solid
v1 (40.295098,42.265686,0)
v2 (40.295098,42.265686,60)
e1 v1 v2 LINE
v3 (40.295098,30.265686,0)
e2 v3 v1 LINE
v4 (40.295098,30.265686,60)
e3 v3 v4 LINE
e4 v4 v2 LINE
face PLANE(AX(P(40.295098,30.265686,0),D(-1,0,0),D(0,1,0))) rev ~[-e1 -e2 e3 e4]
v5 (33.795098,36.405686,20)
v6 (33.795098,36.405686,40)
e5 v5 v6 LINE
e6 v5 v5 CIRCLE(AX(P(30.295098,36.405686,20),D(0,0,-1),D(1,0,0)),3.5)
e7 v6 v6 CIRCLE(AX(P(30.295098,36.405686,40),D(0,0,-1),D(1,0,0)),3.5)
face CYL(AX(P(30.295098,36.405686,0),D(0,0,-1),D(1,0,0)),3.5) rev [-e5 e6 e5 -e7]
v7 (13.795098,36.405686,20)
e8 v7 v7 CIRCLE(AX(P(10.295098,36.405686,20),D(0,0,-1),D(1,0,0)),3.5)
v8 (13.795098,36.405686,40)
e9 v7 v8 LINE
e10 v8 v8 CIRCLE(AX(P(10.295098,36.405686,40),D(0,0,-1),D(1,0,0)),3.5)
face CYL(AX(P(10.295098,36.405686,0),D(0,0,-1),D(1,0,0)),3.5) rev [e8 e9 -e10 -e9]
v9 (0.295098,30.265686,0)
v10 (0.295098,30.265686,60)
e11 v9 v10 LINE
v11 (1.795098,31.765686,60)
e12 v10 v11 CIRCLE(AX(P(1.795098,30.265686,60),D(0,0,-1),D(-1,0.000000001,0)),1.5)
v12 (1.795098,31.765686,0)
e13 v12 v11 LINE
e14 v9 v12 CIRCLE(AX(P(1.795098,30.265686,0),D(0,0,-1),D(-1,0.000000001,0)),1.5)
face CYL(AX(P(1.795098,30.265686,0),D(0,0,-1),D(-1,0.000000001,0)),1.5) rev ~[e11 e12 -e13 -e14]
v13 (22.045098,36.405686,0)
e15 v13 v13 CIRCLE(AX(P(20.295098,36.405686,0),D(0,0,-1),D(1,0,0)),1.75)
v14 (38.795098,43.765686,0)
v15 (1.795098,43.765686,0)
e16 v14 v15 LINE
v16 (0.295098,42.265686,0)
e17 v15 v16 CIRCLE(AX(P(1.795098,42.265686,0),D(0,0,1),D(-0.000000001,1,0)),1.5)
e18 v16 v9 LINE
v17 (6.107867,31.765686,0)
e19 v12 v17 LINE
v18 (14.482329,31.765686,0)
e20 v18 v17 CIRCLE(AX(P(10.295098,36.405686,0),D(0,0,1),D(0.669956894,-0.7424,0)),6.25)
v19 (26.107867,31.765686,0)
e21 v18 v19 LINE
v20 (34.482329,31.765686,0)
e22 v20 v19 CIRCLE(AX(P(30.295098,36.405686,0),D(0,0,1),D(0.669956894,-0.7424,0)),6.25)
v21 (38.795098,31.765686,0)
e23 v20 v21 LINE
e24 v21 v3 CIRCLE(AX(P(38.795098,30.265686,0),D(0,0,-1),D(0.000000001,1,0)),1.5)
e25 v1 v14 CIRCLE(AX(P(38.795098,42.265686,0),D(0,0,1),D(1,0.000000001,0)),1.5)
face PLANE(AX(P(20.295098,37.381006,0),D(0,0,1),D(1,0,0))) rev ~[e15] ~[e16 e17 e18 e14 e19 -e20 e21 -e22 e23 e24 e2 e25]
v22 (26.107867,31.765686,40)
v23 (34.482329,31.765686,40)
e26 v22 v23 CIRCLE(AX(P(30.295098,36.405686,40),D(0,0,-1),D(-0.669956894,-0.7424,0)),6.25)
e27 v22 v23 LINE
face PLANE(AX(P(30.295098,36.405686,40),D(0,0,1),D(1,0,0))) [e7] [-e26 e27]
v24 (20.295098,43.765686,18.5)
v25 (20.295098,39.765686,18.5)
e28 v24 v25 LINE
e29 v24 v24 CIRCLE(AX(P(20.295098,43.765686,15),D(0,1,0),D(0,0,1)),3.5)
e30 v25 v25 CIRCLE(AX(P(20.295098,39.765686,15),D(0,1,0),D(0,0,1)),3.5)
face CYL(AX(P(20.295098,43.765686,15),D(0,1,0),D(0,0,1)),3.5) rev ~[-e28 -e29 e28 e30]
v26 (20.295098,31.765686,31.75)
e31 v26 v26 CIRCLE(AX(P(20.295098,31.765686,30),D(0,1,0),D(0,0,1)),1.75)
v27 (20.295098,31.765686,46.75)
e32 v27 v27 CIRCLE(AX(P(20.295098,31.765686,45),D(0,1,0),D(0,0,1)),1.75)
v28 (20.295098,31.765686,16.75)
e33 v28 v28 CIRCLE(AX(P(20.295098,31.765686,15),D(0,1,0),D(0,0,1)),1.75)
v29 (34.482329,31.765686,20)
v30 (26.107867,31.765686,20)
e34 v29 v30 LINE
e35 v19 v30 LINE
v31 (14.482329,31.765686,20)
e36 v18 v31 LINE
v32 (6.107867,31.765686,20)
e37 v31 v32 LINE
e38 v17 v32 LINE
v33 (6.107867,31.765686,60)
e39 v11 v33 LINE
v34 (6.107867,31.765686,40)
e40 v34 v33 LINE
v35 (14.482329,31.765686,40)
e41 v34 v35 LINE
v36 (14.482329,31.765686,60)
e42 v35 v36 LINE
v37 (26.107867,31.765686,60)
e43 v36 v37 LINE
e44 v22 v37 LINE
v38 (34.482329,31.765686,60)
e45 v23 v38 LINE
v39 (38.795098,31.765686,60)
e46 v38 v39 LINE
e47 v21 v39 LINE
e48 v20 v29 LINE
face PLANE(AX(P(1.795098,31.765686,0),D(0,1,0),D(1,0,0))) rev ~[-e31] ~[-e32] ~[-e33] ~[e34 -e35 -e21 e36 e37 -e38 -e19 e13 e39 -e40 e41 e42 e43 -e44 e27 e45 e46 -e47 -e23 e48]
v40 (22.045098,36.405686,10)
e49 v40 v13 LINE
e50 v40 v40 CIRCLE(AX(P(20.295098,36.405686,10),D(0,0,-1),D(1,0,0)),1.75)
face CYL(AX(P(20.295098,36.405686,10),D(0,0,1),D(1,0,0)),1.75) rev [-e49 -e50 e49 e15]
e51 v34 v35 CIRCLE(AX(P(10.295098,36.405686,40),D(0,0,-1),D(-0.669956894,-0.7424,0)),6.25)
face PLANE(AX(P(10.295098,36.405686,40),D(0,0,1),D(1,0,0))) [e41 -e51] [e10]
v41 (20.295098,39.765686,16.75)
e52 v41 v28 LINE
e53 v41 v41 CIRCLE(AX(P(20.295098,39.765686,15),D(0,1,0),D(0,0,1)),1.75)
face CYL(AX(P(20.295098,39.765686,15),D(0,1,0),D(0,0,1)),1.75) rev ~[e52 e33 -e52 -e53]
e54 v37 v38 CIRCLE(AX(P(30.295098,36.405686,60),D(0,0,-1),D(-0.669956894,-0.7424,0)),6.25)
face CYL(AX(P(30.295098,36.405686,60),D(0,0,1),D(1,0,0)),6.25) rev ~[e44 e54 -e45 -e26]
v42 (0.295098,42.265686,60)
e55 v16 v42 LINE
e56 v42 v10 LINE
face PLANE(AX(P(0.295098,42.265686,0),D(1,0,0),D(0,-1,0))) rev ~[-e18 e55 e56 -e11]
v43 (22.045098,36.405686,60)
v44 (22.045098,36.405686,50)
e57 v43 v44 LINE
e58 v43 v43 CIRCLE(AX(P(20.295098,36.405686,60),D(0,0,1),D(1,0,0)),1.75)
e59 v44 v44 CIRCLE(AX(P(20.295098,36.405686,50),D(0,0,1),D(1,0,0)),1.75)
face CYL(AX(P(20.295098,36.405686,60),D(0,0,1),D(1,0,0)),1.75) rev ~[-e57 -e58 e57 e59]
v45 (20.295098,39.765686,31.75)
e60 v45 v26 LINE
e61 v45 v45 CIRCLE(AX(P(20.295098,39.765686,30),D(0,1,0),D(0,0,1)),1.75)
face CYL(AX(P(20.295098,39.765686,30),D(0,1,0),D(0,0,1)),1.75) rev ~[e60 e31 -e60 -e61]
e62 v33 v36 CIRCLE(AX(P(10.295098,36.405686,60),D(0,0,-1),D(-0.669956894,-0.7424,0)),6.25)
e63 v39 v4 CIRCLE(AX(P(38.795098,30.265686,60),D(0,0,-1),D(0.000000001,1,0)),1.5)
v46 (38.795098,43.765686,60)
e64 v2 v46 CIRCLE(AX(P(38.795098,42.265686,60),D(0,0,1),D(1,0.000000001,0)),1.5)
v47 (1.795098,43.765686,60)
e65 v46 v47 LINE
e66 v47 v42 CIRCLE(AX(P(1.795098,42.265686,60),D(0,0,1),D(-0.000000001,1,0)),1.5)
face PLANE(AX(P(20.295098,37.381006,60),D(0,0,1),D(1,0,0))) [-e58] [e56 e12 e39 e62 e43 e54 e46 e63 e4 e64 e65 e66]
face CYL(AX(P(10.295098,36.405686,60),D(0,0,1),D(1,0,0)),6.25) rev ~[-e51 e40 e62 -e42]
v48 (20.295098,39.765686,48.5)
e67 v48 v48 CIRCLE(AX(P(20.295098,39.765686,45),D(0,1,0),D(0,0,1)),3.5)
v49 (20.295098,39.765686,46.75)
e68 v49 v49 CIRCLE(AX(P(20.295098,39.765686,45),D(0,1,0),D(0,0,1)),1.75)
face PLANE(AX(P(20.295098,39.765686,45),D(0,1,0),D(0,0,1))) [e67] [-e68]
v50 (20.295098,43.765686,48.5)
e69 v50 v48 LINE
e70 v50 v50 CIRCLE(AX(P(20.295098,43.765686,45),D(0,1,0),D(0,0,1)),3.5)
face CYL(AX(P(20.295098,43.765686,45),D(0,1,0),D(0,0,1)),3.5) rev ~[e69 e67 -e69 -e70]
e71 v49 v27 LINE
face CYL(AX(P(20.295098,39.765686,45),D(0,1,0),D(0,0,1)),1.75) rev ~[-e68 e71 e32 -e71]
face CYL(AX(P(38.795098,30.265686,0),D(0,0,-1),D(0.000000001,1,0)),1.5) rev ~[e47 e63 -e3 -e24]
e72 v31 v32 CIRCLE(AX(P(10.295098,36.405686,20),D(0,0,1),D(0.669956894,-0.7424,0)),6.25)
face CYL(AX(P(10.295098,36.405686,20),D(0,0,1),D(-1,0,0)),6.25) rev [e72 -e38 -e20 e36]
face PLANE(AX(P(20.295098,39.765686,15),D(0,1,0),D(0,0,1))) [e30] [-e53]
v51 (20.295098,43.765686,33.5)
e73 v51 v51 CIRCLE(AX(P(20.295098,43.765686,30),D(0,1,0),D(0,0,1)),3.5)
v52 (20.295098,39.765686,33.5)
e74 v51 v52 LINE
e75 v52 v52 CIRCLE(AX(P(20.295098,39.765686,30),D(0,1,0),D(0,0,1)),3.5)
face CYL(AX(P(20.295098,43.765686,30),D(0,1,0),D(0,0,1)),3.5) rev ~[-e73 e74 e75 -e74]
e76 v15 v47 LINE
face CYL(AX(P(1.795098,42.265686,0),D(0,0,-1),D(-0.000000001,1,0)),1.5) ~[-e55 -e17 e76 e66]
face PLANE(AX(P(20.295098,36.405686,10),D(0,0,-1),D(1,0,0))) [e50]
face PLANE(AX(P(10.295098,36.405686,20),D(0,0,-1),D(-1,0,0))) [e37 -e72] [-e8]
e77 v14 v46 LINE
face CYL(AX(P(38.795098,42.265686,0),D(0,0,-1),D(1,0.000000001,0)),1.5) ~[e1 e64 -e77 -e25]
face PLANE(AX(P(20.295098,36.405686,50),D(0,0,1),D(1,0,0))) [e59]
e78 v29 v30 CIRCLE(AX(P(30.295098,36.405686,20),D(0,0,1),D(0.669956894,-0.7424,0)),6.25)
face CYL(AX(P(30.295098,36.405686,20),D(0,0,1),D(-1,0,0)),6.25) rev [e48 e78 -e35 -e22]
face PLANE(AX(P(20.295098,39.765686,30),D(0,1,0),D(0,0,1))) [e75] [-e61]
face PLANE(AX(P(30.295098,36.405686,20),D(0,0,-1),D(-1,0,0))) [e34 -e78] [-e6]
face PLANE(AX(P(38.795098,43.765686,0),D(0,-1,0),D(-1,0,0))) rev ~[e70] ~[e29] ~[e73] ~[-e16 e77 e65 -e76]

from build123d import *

# Parameters (mm, degrees)
SKETCH_1_R          = 3.5
EXTRUDE_1_DEPTH     = 60
SKETCH_2_R          = 6.25
CUT_EXTRUDE_1_DEPTH = 20
CUT_EXTRUDE_START   = -20
SKETCH_3_R          = 6.25
CUT_EXTRUDE_2_DEPTH = 20
SKETCH_4_R          = 3.5
CUT_EXTRUDE_3_DEPTH = 4
SKETCH_5_R          = 3.5
CUT_EXTRUDE_4_DEPTH = 4
SKETCH_6_R          = 1.75
CUT_EXTRUDE_5_DEPTH = 14
SKETCH_7_R          = 1.75
CUT_EXTRUDE_6_DEPTH = 10
CUT_EXTRUDE_START_2 = -10
SKETCH_8_R          = 1.75
CUT_EXTRUDE_7_DEPTH = 10


with BuildPart() as part:
    # 草图1 → 凸台-拉伸1 (new body)
    with BuildSketch(Plane.XY):
        with BuildLine():
            Line((38.795098039, 43.765686275), (1.795098039, 43.765686275))
            ThreePointArc((1.795098039, 43.765686275), (0.734437867, 43.326346446), (0.295098039, 42.265686275))
            Line((0.295098039, 42.265686275), (0.295098039, 30.265686275))
            ThreePointArc((0.295098039, 30.265686275), (0.734437867, 31.326346446), (1.795098039, 31.765686275))
            Line((1.795098039, 31.765686275), (38.795098039, 31.765686275))
            ThreePointArc((38.795098039, 31.765686275), (39.855758211, 31.326346446), (40.295098039, 30.265686275))
            Line((40.295098039, 30.265686275), (40.295098039, 42.265686275))
            ThreePointArc((40.295098039, 42.265686275), (39.855758211, 43.326346446), (38.795098039, 43.765686275))
        make_face()
        with Locations((30.295098039, 36.405686275)):
            Circle(SKETCH_1_R, mode=Mode.SUBTRACT)
        with Locations((10.295098039, 36.405686275)):
            Circle(SKETCH_1_R, mode=Mode.SUBTRACT)
    extrude(amount=EXTRUDE_1_DEPTH)

    # 草图2 → 切除-拉伸1 (cut)
    with BuildSketch(Plane.XY.offset(60)):
        with Locations((10.295098039, 36.405686275)):
            Circle(SKETCH_2_R)
        with Locations((30.295098039, 36.405686275)):
            Circle(SKETCH_2_R)
    extrude(amount=-CUT_EXTRUDE_1_DEPTH, mode=Mode.SUBTRACT)

    # 草图3 → 切除-拉伸2 (cut)
    with BuildSketch(Plane(origin=(0, 0, 0), x_dir=(-1, 0, 0), z_dir=(0, 0, -1)).offset(CUT_EXTRUDE_START)):
        with Locations((-10.295098039, 36.405686275)):
            Circle(SKETCH_3_R)
        with Locations((-30.295098039, 36.405686275)):
            Circle(SKETCH_3_R)
    extrude(amount=CUT_EXTRUDE_2_DEPTH, mode=Mode.SUBTRACT)

    # 草图4 → 切除-拉伸3 (cut)
    with BuildSketch(Plane(origin=(0, 43.765686275, 0), x_dir=(1, 0, 0), z_dir=(0, 1, 0))):
        with Locations(Location((20.295098039, -30, 0), (0, 0, 270))):
            Circle(SKETCH_4_R)
    extrude(amount=-CUT_EXTRUDE_3_DEPTH, mode=Mode.SUBTRACT)

    # 草图5 → 切除-拉伸4 (cut)
    with BuildSketch(Plane(origin=(0, 43.765686275, 0), x_dir=(1, 0, 0), z_dir=(0, 1, 0))):
        with Locations(Location((20.295098039, -15, 0), (0, 0, 270))):
            Circle(SKETCH_5_R)
        with Locations(Location((20.295098039, -45, 0), (0, 0, 270))):
            Circle(SKETCH_5_R)
    extrude(amount=-CUT_EXTRUDE_4_DEPTH, mode=Mode.SUBTRACT)

    # 草图6 → 切除-拉伸5 (cut)
    with BuildSketch(Plane(origin=(0, 39.765686275, 0), x_dir=(1, 0, 0), z_dir=(0, 1, 0))):
        with Locations(Location((20.295098039, -30, 0), (0, 0, 270))):
            Circle(SKETCH_6_R)
        with Locations(Location((20.295098039, -15, 0), (0, 0, 270))):
            Circle(SKETCH_6_R)
        with Locations(Location((20.295098039, -45, 0), (0, 0, 270))):
            Circle(SKETCH_6_R)
    extrude(amount=-CUT_EXTRUDE_5_DEPTH, mode=Mode.SUBTRACT)

    # 草图7 → 切除-拉伸6 (cut)
    with BuildSketch(Plane.XY.offset(60)):
        with Locations((20.295098039, 36.405686275)):
            Circle(SKETCH_7_R)
    extrude(amount=-CUT_EXTRUDE_6_DEPTH, mode=Mode.SUBTRACT)

    # 草图8 → 切除-拉伸7 (cut)
    with BuildSketch(Plane(origin=(0, 0, 0), x_dir=(-1, 0, 0), z_dir=(0, 0, -1)).offset(CUT_EXTRUDE_START_2)):
        with Locations(Location((-20.295098039, 36.405686275, 0), (0, 0, 180))):
            Circle(SKETCH_8_R)
    extrude(amount=CUT_EXTRUDE_7_DEPTH, mode=Mode.SUBTRACT)


solid = part.part
